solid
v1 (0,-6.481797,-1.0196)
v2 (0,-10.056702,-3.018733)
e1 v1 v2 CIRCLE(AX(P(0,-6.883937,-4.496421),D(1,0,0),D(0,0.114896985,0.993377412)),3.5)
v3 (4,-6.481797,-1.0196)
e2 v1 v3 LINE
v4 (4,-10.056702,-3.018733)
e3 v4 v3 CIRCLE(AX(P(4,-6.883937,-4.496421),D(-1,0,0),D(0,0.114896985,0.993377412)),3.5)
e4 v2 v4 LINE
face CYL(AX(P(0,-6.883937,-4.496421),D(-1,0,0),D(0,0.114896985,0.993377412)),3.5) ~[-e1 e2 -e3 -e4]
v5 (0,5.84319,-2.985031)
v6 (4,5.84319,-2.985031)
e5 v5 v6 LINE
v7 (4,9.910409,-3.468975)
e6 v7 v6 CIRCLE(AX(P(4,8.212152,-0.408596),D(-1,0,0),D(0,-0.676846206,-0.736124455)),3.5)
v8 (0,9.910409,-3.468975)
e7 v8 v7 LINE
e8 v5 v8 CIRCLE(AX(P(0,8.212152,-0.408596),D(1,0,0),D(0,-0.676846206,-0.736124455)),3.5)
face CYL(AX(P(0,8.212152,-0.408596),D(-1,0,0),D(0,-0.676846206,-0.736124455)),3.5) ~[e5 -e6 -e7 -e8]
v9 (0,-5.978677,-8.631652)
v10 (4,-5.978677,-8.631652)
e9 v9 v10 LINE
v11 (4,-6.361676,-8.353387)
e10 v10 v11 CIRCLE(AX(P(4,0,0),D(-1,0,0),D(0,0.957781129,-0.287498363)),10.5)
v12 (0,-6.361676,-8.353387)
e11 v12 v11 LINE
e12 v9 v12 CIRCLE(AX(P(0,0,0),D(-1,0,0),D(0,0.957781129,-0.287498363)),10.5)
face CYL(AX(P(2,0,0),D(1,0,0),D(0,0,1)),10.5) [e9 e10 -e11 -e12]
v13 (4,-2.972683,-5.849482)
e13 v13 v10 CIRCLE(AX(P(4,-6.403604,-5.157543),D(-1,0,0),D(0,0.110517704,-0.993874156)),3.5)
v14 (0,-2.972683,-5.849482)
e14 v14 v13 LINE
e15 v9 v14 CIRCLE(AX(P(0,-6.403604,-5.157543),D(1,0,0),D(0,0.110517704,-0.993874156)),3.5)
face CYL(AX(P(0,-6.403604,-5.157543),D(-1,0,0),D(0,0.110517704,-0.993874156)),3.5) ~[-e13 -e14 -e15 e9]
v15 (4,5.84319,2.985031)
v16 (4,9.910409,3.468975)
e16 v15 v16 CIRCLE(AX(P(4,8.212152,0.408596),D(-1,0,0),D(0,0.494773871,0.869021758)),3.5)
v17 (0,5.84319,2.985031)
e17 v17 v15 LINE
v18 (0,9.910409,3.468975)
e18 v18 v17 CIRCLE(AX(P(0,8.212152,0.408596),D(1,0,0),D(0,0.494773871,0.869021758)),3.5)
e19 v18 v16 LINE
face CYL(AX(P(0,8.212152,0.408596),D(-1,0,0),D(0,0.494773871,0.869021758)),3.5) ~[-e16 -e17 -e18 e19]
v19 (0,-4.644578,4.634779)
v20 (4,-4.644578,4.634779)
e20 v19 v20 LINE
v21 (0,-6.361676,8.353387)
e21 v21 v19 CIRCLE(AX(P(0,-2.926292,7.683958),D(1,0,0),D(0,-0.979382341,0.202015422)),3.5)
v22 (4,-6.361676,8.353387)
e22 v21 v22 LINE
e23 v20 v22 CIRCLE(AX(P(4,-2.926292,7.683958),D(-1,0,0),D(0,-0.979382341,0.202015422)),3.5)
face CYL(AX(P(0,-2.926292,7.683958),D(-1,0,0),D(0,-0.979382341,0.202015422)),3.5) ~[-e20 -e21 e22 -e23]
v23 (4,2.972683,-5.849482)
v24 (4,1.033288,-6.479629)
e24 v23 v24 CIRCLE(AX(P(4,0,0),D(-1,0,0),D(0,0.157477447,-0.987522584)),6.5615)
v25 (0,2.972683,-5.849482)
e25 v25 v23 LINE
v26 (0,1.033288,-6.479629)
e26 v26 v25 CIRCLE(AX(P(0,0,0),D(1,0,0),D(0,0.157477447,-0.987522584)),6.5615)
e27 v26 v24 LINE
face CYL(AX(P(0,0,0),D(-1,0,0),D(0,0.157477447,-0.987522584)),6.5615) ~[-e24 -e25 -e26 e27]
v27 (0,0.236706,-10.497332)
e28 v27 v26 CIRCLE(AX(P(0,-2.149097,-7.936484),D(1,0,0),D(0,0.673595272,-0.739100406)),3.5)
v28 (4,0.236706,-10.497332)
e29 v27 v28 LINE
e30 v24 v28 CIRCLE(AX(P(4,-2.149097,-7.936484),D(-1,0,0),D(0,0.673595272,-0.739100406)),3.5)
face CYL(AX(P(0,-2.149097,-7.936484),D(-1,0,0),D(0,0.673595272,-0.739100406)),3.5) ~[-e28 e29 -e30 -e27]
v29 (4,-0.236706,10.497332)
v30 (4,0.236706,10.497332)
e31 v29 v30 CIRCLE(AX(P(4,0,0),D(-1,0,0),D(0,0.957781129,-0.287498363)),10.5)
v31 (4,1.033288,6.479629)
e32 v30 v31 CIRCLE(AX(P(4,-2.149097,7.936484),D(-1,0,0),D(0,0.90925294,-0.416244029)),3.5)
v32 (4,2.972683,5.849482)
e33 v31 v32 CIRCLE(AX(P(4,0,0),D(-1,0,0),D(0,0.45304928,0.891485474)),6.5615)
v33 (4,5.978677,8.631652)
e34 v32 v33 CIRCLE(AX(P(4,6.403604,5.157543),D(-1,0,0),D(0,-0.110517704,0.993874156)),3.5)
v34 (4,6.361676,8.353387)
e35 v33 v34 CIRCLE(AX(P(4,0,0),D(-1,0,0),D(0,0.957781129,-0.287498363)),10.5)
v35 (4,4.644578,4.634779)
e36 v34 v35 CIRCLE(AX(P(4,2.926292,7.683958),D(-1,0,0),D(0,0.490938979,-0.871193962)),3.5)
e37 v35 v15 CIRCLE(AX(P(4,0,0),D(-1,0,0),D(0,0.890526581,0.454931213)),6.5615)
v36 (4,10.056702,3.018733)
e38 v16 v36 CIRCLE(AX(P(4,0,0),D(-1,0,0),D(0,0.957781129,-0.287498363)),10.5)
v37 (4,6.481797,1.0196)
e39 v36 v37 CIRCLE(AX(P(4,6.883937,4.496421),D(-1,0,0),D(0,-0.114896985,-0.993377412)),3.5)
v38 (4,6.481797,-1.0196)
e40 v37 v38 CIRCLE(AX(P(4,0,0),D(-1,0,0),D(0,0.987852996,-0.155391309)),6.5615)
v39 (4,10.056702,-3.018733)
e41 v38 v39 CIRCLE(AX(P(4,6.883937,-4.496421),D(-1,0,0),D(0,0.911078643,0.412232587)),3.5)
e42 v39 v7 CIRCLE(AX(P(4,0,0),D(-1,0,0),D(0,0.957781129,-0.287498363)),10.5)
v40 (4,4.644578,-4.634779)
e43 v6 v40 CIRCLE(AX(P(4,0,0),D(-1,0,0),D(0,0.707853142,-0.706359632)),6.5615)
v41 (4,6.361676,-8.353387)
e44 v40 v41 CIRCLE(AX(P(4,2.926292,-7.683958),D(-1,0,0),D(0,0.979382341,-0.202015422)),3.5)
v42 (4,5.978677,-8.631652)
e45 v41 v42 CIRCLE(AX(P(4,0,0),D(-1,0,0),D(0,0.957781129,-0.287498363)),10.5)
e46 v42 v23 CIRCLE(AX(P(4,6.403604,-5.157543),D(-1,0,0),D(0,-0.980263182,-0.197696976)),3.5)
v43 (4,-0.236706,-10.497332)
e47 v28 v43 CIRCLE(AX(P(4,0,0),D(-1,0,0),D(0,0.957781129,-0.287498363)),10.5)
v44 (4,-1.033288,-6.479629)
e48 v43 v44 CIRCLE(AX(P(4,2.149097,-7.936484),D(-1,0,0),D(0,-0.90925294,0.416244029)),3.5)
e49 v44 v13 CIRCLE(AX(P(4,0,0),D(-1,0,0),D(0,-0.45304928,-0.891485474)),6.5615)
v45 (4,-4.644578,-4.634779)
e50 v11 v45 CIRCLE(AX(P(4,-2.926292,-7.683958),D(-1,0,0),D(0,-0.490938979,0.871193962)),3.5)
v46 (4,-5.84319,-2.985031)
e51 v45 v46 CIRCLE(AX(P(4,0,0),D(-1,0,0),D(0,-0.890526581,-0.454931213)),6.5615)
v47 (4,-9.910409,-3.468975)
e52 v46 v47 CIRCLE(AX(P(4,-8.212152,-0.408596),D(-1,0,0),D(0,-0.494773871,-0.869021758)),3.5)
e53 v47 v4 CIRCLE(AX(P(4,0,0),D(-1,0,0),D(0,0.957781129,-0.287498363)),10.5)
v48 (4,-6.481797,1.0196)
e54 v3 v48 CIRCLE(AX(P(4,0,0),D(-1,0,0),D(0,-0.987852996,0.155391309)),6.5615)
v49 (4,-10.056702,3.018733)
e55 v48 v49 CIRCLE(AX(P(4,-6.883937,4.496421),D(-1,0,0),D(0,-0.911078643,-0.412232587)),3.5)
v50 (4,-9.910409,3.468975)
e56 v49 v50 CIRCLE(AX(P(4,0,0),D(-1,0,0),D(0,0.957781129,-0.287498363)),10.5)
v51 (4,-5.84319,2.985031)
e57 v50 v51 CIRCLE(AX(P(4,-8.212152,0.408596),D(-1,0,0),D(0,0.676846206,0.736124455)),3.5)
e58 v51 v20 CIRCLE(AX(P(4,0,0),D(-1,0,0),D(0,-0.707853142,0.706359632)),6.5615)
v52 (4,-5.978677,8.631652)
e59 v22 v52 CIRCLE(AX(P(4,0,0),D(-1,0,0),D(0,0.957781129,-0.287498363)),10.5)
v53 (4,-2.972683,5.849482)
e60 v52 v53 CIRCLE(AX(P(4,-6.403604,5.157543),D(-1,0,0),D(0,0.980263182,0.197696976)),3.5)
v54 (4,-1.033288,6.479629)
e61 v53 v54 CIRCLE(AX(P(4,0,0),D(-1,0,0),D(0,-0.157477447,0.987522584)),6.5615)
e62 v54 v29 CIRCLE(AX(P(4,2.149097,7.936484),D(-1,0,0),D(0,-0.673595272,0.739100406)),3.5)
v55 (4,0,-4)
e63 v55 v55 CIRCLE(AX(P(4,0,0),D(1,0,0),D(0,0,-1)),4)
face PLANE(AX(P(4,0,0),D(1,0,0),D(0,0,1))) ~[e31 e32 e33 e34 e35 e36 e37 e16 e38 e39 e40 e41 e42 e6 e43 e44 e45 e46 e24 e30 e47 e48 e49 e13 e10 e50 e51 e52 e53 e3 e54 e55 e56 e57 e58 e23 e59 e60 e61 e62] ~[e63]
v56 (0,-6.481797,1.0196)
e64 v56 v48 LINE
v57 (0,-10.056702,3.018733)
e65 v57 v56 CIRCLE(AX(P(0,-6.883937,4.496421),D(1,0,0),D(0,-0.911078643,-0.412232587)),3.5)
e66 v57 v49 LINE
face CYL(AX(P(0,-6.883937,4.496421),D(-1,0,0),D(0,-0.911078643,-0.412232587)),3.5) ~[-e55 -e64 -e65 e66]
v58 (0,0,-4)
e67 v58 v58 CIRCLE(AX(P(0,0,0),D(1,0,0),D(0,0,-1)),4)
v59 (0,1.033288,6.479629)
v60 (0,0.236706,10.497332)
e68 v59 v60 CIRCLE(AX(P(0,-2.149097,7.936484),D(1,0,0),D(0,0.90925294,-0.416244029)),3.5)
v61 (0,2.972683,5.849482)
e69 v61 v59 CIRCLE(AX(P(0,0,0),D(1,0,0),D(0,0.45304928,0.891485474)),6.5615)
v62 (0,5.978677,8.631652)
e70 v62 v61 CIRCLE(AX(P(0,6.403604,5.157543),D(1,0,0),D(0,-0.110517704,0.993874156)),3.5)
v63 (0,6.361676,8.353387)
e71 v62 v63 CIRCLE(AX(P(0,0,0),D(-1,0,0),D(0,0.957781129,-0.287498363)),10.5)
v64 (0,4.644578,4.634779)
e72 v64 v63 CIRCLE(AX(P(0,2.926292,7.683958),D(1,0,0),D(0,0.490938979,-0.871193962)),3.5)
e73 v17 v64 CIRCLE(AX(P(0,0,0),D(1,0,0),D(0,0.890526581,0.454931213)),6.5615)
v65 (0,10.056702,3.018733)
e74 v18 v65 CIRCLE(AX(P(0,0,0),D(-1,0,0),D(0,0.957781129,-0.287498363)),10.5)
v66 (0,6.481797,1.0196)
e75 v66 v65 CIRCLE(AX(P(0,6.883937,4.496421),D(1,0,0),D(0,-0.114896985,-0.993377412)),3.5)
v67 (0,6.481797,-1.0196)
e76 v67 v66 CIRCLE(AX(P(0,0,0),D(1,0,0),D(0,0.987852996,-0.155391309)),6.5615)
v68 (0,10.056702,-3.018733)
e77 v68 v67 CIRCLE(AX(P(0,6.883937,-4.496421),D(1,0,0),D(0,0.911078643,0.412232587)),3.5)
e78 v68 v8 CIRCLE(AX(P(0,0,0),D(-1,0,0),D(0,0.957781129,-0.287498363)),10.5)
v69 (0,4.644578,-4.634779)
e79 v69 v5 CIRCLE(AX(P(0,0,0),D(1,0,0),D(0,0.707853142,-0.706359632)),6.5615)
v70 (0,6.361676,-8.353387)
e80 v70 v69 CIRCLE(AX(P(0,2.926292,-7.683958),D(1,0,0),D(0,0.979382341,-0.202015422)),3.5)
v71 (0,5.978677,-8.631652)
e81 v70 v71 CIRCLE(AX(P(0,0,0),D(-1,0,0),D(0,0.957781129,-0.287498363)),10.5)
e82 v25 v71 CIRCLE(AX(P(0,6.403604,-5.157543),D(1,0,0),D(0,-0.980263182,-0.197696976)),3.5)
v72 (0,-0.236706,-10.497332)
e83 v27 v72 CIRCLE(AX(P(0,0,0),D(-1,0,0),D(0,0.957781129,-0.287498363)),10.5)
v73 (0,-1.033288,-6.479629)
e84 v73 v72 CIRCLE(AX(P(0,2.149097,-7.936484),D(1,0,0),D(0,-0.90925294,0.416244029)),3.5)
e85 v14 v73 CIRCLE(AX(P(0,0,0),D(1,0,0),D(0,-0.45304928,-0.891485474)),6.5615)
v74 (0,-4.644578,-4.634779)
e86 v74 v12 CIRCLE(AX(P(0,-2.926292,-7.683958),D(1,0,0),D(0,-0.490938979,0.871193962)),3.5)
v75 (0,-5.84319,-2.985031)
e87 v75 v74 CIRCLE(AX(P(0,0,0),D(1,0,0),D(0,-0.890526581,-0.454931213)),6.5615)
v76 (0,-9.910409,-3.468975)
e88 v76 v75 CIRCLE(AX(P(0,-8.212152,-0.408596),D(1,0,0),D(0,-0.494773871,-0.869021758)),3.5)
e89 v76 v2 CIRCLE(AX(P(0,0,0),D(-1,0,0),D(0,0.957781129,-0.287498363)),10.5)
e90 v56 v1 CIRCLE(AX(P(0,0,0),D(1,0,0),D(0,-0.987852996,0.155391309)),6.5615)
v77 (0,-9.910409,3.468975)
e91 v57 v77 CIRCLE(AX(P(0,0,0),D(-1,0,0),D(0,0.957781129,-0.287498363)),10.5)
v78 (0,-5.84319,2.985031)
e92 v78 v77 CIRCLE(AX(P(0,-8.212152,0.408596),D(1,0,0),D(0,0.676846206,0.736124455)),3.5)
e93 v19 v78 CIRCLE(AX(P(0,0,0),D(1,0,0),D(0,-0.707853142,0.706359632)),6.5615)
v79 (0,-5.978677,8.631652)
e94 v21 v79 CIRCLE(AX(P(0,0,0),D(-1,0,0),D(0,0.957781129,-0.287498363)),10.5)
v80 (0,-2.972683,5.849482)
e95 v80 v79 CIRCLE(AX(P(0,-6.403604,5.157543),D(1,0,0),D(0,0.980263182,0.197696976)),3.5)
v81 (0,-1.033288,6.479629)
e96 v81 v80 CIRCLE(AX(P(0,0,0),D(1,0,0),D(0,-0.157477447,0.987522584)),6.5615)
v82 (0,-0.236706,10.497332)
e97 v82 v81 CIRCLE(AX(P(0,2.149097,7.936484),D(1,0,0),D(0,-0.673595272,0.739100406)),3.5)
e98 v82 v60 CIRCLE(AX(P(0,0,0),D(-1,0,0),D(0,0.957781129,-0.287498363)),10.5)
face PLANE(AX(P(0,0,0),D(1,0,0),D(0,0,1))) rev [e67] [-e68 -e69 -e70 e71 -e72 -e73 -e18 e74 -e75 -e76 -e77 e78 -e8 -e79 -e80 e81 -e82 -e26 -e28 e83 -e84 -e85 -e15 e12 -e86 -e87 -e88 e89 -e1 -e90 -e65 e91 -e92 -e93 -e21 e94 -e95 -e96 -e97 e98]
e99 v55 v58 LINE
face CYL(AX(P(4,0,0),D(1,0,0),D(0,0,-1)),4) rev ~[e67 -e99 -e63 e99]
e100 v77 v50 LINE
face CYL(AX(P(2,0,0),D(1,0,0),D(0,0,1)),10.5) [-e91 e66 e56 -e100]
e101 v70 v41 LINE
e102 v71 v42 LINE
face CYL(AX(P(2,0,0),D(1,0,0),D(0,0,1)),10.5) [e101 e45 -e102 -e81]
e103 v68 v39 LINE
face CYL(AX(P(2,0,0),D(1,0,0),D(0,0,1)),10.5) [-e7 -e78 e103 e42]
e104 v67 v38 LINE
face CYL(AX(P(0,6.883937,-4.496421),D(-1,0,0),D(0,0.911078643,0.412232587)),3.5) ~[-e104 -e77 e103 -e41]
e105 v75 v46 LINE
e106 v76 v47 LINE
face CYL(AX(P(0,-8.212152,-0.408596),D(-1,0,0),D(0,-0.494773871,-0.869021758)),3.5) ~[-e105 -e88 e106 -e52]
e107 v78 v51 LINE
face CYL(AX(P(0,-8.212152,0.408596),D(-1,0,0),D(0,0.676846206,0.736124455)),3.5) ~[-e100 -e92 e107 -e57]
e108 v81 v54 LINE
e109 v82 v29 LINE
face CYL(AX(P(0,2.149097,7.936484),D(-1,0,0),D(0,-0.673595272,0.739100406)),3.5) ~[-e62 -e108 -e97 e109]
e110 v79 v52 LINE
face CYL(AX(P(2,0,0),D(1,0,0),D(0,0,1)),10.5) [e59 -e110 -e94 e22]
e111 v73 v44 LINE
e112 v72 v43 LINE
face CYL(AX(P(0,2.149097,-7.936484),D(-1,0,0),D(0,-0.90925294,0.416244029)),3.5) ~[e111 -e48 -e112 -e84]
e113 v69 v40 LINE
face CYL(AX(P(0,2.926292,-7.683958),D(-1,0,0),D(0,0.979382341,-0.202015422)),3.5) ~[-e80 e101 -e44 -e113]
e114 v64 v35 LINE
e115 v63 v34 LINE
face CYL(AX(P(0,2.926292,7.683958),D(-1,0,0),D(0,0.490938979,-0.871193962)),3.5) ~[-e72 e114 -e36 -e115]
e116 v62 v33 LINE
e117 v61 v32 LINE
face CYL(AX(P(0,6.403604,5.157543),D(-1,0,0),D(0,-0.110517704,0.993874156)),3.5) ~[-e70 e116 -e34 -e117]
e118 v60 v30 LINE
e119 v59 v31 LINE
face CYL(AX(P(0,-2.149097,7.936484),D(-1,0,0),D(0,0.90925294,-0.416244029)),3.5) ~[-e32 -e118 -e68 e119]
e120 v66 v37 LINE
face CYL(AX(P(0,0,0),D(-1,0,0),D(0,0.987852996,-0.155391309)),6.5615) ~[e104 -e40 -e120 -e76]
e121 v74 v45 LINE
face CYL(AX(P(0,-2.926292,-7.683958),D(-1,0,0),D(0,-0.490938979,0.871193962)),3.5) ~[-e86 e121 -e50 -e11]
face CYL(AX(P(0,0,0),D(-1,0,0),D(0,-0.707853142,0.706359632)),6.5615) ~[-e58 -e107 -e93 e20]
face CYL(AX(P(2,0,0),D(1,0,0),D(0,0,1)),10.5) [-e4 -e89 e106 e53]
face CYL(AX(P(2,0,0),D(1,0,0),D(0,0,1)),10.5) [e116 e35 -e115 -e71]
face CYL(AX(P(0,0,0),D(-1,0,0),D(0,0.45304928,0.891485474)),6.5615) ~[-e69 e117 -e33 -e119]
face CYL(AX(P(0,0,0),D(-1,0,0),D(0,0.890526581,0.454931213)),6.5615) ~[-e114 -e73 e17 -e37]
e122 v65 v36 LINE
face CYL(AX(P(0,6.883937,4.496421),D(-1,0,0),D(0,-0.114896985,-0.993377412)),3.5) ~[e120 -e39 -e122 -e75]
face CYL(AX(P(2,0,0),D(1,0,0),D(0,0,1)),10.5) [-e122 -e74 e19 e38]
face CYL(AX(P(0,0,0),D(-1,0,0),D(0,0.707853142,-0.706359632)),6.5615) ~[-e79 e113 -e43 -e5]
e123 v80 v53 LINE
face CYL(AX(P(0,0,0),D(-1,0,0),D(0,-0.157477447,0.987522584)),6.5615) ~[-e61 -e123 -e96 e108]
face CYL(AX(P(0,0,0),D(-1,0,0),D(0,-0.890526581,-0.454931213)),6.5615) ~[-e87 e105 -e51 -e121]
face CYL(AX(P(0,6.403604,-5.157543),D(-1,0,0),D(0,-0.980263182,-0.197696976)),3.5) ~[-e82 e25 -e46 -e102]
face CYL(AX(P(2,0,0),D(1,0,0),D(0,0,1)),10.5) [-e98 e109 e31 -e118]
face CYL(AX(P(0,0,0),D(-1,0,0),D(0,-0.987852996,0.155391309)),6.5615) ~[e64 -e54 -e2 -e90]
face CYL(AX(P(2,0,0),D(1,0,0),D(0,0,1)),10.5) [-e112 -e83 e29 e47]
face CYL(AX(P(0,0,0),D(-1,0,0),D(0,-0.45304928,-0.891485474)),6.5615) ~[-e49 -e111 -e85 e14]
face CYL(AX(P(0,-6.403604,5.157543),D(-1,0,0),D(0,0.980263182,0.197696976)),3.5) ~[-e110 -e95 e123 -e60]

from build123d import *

# Parameters (mm, degrees)
BASPROSKE_W        = 4
BASPROSKE_H        = 10.5
TOOTHCUT_DEPTH     = 16.378556499
TEETHCUTS_COUNT    = 10
TEETHCUTS_ANGLE    = 324
BORSKE_R           = 0.5
BORE_DEPTH         = 50.0000508
SKETCH1_R          = 4
CUT_EXTRUDE1_DEPTH = 10


with BuildPart() as part:
    # BasProSke → Base-Revolve (revolve)
    with BuildSketch(Plane(origin=(0, 0, 0), x_dir=(1, 0, 0), z_dir=(0, 1, 0)), mode=Mode.PRIVATE) as base_revolve_sk:
        with Locations((2, 5.25)):
            Rectangle(BASPROSKE_W, BASPROSKE_H)
    revolve(base_revolve_sk.sketch.rotate(Axis((-10, 0, 0), (1, 0, 0)), 180), axis=Axis((-10, 0, 0), (1, 0, 0)))

    # TooCutSke → ToothCut (cut, through all)
    with BuildSketch(Plane(origin=(0, 0, 0), x_dir=(0, 0, -1), z_dir=(1, 0, 0))):
        with BuildLine():
            ThreePointArc((1.019600066, 6.481797432), (0, 6.5615), (-1.019600066, 6.481797432))
            ThreePointArc((-1.019600066, 6.481797432), (-1.451036104, 8.608938557), (-3.053606956, 10.072712133))
            ThreePointArc((-3.053606956, 10.072712133), (0, 10.5254), (3.053606956, 10.072712133))
            ThreePointArc((3.053606956, 10.072712133), (1.451036104, 8.608938557), (1.019600066, 6.481797432))
        make_face()
    toothcut = extrude(amount=TOOTHCUT_DEPTH, mode=Mode.SUBTRACT)

    # TeethCuts: ToothCut ×10 about axis
    teethcuts_axis = Axis((-10, 0, 0), (1, 0, 0))
    for i in range(1, TEETHCUTS_COUNT):
        add(toothcut.rotate(teethcuts_axis, i * TEETHCUTS_ANGLE / (TEETHCUTS_COUNT - 1)), mode=Mode.SUBTRACT)

    # BorSke → Bore (cut, symmetric)
    with BuildSketch(Plane(origin=(0, 0, 0), x_dir=(0, 0, -1), z_dir=(1, 0, 0))):
        with Locations(Location((0, 0, 0), (0, 0, 180))):
            Circle(BORSKE_R)
    extrude(amount=BORE_DEPTH, both=True, mode=Mode.SUBTRACT)

    # Sketch1 → Cut-Extrude1 (cut)
    with BuildSketch(Plane(origin=(4, 0, 0), x_dir=(0, 0, -1), z_dir=(1, 0, 0))):
        Circle(SKETCH1_R)
    extrude(amount=-CUT_EXTRUDE1_DEPTH, mode=Mode.SUBTRACT)


solid = part.part
